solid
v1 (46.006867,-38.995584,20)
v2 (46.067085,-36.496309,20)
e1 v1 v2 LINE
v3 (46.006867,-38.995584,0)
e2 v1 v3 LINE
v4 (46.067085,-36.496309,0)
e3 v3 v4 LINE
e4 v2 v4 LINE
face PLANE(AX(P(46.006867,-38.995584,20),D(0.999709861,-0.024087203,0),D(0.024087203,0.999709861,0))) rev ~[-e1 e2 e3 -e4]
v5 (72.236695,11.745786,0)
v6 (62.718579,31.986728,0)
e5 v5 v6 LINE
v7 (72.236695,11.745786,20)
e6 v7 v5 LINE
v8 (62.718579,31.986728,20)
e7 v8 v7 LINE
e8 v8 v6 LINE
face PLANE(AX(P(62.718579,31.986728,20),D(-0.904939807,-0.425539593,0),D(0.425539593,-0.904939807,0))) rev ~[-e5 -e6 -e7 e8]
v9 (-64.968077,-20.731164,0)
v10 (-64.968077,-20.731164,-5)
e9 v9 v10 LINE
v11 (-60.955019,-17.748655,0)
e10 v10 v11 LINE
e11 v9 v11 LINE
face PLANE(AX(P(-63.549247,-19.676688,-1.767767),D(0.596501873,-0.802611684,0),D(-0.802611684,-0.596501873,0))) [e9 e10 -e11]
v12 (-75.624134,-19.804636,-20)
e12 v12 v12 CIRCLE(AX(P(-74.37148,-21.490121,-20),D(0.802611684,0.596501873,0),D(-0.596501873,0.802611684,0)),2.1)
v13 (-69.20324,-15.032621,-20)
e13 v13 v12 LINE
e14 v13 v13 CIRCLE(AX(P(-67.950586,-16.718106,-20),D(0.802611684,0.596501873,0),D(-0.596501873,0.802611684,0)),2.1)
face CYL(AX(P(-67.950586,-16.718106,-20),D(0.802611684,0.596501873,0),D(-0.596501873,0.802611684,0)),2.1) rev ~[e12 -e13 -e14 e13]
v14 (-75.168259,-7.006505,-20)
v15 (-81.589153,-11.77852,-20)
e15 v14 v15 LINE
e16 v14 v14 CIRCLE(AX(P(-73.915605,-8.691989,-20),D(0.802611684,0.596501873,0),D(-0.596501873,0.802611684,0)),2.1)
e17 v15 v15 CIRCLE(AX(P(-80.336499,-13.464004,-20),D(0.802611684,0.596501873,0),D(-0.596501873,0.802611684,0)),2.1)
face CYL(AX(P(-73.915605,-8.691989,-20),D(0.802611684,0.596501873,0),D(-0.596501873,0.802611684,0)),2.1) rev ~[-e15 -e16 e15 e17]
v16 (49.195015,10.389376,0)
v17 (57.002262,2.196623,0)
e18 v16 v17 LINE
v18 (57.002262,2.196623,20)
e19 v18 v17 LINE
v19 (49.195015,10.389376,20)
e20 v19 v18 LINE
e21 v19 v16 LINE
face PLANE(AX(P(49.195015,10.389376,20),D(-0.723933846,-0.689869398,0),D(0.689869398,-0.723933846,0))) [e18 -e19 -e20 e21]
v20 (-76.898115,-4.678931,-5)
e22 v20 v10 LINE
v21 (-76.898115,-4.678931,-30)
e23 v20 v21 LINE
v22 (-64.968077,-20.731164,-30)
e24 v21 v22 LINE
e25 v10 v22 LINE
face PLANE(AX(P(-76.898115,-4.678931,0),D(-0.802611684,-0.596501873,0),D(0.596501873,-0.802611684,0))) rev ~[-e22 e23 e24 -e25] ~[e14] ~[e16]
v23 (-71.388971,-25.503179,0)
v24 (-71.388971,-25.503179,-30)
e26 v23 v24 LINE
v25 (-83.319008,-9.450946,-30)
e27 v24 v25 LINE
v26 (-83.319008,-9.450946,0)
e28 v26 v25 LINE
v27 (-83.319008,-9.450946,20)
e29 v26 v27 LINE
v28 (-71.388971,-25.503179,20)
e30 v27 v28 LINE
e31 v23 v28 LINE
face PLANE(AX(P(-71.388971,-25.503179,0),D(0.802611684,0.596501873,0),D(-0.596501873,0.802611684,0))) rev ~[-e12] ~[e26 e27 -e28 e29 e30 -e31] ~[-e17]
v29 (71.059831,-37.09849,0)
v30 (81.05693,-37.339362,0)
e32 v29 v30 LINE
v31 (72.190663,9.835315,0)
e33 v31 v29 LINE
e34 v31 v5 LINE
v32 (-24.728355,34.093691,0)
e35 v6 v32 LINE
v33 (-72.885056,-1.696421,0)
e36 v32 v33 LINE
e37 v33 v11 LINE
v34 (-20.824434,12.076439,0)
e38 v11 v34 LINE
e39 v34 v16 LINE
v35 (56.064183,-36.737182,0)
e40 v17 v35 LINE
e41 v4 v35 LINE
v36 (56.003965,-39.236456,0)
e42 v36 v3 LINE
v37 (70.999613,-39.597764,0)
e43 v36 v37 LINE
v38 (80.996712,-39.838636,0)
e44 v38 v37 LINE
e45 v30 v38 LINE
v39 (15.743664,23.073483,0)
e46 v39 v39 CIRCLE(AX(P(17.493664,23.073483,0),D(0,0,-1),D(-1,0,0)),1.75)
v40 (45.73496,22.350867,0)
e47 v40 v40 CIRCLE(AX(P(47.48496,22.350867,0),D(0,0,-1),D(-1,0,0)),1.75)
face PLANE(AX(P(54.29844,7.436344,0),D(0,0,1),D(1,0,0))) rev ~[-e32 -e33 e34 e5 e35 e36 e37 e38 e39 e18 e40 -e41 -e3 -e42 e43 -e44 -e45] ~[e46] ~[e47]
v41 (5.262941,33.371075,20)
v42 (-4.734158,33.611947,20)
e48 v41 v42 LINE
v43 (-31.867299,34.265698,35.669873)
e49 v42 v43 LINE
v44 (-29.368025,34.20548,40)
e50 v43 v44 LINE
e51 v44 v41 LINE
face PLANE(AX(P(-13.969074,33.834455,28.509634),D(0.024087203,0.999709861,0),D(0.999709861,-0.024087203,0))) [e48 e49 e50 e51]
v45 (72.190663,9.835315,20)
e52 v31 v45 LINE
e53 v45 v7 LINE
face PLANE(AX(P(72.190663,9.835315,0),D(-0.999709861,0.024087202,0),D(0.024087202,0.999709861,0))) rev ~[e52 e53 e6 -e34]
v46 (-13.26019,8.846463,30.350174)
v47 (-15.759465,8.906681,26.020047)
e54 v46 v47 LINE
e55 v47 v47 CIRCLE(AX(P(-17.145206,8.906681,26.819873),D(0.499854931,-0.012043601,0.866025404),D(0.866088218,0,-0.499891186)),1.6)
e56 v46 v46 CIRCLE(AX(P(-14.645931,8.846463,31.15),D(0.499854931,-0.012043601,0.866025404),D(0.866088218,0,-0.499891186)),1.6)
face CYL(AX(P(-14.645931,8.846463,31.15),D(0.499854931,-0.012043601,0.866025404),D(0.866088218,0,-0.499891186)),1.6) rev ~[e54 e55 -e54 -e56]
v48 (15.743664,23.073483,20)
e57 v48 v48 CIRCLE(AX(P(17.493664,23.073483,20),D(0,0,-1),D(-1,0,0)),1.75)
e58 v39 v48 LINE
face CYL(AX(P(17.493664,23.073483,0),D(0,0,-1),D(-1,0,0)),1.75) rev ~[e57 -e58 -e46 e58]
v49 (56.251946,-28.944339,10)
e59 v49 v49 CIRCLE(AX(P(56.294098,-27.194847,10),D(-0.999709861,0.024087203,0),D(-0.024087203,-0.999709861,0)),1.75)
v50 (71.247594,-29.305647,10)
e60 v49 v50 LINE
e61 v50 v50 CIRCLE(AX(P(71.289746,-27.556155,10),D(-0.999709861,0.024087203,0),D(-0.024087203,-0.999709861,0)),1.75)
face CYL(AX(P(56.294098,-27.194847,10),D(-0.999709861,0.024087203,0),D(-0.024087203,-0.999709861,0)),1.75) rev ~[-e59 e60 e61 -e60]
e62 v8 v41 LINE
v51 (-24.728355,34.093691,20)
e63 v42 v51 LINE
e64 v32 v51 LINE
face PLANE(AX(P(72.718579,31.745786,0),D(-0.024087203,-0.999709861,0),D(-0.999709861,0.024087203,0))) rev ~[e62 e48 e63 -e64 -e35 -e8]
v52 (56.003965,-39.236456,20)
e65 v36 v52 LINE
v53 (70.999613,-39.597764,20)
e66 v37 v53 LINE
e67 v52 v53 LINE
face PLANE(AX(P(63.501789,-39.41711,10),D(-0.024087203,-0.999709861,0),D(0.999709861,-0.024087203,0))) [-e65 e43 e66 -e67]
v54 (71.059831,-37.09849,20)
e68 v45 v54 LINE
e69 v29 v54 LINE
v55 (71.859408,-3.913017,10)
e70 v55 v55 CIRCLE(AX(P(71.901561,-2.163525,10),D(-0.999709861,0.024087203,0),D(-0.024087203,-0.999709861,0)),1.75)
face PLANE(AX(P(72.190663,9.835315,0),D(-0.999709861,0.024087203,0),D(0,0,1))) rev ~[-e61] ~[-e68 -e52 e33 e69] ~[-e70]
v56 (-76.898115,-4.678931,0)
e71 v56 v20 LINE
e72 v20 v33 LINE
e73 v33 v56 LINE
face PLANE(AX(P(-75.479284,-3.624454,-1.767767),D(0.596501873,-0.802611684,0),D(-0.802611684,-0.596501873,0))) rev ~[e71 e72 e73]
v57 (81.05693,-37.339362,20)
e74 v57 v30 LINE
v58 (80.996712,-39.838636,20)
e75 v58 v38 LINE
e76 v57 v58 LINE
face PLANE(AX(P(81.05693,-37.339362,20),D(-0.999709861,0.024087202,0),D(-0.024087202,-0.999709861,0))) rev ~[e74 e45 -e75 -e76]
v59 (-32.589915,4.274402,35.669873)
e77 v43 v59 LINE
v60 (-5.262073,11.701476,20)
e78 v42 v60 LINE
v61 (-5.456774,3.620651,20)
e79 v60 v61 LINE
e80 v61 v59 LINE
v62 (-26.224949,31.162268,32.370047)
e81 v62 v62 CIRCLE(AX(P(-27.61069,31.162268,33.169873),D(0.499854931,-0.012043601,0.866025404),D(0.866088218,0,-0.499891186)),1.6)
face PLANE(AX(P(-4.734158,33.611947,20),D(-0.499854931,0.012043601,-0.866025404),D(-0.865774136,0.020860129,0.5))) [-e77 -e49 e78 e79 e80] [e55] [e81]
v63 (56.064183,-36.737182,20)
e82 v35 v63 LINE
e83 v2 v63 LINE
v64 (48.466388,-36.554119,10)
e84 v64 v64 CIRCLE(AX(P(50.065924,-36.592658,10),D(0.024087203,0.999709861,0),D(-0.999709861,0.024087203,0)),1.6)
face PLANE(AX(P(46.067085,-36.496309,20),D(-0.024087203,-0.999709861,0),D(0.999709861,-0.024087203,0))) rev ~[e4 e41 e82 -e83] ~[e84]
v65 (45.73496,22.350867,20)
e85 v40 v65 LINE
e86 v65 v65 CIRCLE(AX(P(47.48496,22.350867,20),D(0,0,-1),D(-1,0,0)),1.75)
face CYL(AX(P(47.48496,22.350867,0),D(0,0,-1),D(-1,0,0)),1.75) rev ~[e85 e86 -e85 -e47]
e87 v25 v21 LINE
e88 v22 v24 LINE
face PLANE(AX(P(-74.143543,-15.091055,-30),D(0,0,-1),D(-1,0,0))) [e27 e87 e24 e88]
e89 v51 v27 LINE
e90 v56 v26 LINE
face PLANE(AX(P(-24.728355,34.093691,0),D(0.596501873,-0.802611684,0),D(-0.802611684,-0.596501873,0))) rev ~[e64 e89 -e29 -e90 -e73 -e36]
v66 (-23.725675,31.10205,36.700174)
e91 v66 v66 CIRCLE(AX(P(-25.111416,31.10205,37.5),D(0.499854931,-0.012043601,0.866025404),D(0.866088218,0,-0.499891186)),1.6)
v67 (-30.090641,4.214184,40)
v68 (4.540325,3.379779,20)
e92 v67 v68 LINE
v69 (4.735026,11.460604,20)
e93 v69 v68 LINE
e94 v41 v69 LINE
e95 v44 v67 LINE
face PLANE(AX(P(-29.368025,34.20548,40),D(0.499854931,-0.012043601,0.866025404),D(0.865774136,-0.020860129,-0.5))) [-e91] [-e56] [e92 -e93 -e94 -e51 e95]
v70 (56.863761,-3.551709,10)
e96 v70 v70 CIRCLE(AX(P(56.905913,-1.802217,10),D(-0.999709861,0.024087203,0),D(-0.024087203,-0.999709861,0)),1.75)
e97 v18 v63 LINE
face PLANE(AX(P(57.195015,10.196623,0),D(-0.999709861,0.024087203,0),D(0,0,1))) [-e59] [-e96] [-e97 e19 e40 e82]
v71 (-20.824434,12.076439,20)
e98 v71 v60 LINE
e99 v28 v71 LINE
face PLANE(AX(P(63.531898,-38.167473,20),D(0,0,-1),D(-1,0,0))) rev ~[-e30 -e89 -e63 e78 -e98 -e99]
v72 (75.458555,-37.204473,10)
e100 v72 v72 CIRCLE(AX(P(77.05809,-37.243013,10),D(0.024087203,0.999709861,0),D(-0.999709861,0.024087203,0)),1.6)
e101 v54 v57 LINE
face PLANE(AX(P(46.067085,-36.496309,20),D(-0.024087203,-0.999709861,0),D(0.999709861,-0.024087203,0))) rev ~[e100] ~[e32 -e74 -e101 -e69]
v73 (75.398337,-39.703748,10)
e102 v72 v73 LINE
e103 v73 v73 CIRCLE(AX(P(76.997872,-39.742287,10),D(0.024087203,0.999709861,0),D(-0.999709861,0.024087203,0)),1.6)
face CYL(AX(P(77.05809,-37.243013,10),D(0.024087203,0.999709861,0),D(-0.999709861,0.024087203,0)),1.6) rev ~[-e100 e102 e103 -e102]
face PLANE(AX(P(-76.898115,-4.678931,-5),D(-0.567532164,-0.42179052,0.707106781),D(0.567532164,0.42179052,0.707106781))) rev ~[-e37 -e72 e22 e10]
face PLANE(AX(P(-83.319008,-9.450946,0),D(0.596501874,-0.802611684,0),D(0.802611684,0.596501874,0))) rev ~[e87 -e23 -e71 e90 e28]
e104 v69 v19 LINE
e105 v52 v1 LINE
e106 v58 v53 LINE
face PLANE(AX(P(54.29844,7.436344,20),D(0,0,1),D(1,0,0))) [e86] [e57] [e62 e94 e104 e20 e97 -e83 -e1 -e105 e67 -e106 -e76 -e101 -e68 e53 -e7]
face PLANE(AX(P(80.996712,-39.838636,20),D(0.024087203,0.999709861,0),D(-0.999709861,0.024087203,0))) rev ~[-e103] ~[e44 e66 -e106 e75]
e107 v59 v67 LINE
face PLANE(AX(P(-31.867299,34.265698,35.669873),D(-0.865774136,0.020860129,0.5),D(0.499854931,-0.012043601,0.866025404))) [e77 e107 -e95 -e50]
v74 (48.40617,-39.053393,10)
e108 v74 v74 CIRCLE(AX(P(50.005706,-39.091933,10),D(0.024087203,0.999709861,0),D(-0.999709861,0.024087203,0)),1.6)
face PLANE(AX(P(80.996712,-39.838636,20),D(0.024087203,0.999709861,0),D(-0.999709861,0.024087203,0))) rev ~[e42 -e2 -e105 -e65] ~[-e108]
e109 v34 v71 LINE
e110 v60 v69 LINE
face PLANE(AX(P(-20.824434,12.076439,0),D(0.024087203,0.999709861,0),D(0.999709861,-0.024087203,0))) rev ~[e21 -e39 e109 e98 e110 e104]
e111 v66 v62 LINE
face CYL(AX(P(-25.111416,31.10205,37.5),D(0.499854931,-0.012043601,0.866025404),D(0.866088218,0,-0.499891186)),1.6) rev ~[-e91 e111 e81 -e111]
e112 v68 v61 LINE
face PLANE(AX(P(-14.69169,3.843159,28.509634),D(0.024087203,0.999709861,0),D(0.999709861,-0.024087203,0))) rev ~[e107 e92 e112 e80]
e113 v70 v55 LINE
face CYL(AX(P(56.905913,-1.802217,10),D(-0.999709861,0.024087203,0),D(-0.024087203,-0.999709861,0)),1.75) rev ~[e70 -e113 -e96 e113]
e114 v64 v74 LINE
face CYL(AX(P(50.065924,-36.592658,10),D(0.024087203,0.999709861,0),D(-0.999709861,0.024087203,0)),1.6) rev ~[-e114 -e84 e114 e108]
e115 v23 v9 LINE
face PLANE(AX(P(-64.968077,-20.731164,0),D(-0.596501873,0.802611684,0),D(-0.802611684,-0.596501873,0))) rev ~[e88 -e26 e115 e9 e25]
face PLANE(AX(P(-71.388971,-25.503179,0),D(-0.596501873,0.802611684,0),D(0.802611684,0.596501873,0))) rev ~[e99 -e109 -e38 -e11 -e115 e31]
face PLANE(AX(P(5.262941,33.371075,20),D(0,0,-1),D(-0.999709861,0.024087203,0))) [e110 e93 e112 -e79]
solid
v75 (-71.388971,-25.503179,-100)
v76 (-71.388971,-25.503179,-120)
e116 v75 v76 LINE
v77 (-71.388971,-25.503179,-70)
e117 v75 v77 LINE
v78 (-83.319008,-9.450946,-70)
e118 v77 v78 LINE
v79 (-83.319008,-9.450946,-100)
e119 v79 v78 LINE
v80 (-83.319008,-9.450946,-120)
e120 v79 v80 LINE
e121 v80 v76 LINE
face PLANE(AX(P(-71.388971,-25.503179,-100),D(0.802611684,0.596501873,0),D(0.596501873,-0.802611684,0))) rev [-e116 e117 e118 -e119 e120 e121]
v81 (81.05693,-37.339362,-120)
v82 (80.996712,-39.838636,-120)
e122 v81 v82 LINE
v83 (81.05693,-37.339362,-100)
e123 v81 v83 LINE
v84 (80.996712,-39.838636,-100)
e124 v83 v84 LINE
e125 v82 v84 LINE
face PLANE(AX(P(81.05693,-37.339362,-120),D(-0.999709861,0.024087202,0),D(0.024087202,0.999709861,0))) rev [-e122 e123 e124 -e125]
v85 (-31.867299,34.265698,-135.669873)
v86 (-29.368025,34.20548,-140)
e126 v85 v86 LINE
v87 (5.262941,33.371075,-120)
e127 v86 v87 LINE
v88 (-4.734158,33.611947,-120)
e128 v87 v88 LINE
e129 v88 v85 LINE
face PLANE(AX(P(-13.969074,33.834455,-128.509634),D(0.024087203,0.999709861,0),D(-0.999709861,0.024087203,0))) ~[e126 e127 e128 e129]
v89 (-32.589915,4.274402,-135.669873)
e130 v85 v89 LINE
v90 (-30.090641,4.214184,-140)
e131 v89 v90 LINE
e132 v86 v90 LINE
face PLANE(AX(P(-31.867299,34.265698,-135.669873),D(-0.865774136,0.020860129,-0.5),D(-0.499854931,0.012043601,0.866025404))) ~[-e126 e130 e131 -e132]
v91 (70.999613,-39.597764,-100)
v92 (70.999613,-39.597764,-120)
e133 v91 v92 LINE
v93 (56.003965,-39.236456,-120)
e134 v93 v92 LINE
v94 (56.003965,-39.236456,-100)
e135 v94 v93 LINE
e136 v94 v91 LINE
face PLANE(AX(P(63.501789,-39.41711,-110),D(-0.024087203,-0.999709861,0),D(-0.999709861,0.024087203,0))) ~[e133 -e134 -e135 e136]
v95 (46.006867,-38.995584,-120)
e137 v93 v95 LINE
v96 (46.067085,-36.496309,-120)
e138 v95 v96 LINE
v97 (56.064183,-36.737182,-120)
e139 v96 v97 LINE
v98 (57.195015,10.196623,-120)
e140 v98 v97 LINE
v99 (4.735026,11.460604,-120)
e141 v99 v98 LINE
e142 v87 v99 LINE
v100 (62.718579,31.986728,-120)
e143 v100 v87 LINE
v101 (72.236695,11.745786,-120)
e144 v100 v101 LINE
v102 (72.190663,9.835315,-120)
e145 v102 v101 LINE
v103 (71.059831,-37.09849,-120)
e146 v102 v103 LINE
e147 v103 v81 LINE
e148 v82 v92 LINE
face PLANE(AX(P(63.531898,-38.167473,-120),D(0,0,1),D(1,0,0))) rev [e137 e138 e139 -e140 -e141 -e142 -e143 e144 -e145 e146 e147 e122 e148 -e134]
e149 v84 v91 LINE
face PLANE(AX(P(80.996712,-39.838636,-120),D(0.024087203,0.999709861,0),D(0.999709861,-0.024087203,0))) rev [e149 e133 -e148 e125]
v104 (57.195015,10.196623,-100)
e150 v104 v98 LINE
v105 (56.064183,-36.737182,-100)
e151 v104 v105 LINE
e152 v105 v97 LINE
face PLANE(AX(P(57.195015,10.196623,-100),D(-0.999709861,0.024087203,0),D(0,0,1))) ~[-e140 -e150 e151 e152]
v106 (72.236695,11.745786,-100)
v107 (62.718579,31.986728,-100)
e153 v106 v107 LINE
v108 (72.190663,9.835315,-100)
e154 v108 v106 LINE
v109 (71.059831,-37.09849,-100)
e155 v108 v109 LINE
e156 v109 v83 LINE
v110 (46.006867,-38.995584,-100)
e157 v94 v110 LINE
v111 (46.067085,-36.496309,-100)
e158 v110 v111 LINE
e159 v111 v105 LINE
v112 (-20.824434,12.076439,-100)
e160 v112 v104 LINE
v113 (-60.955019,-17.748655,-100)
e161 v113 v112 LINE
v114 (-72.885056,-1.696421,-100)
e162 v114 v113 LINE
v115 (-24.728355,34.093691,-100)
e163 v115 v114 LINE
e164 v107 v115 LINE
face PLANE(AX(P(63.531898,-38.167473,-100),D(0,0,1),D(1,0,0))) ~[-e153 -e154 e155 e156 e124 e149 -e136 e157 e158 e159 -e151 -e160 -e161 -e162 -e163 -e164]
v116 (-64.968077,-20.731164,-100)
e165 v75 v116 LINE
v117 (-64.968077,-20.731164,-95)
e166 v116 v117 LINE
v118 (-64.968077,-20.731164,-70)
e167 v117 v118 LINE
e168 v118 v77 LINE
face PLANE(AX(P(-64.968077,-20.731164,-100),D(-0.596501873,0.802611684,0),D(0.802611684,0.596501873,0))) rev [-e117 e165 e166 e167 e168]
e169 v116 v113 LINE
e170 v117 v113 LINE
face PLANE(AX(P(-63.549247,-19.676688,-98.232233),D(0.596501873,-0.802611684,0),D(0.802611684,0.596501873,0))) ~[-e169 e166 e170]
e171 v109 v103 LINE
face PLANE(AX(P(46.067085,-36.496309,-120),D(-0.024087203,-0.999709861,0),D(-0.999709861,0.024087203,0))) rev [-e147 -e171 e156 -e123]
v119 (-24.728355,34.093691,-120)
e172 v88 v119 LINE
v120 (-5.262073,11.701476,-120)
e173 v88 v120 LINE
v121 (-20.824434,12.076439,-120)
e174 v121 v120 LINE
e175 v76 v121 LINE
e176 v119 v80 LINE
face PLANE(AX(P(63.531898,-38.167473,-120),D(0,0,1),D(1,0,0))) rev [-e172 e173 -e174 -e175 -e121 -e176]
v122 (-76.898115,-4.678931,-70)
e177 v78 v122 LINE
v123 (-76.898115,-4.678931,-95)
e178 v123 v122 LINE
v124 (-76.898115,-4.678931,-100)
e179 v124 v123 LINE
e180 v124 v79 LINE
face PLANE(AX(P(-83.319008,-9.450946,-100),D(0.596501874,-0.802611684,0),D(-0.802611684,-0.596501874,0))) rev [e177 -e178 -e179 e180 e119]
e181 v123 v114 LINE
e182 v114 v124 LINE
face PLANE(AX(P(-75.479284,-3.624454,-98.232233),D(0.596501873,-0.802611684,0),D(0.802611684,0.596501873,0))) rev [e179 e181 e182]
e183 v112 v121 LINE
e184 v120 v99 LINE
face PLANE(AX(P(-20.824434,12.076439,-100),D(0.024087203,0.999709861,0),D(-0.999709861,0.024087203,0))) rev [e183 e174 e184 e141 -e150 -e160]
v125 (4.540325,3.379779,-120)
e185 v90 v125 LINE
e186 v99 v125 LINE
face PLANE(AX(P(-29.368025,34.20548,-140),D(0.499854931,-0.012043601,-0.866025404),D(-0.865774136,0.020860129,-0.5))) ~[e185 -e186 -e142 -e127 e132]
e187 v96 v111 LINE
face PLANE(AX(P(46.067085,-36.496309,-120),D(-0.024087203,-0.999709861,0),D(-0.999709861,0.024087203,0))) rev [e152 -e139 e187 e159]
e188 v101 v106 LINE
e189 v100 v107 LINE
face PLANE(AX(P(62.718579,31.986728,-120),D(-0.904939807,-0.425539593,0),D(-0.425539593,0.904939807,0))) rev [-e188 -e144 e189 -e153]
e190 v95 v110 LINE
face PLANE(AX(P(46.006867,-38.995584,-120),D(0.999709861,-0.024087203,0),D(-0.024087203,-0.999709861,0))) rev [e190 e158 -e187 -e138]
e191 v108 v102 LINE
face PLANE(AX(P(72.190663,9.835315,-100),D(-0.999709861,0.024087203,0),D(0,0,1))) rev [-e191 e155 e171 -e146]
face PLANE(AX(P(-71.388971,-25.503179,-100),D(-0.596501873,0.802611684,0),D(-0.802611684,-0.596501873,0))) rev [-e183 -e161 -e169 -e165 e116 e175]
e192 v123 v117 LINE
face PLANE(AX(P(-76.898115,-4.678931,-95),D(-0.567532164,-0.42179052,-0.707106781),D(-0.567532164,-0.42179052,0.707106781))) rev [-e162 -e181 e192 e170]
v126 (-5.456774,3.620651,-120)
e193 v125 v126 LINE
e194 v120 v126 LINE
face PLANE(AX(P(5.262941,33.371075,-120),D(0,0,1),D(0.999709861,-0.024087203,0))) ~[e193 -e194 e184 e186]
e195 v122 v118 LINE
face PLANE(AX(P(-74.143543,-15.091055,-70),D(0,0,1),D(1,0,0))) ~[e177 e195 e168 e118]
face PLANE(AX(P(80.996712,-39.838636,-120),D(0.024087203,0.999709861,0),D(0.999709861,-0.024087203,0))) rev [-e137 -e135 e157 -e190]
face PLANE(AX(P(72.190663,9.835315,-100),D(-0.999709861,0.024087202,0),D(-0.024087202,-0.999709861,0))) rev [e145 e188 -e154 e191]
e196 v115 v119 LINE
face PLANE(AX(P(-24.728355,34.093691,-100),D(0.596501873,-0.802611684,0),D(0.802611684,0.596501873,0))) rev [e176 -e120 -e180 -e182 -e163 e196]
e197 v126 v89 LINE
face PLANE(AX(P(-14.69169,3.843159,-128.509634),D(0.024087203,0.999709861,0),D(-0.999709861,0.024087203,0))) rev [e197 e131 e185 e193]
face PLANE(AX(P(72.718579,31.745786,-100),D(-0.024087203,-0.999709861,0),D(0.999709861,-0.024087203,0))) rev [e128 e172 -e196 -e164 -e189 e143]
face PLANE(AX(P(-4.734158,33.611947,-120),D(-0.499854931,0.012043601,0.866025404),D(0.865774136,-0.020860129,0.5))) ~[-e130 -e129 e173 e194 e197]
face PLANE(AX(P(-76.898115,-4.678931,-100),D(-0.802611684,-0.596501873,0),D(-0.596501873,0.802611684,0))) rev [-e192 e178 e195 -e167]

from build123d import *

# Parameters (mm, degrees)
EXTRUDE_1_DEPTH     = 20
EXTRUDE_2_DEPTH     = 30
EXTRUDE_3_DEPTH     = 20
SKETCH_4_W          = 15
SKETCH_4_H          = 20
EXTRUDE_4_DEPTH     = 49.447425698
EXTRUDE_5_DEPTH     = 20
CUT_EXTRUDE_1_DEPTH = 30
EXTRUDE_6_DEPTH     = 30
EXTRUDE_7_DEPTH     = 20
SKETCH_9_R          = 1.6
CUT_EXTRUDE_2_DEPTH = 10
SKETCH_10_R         = 2.1
CUT_EXTRUDE_3_DEPTH = 10
SKETCH_11_R         = 1.75
CUT_EXTRUDE_4_DEPTH = 202.855572154
SKETCH_12_R         = 1.6
CUT_EXTRUDE_5_DEPTH = 10
SKETCH_13_R         = 1.75
CUT_EXTRUDE_7_DEPTH = 20


with BuildPart() as part:
    # 草图1 → 凸台-拉伸1 (new body)
    with BuildSketch(Plane.XY):
        Polygon((-24.728355126, 34.093691019), (-83.319008043, -9.450945744), (-71.388970574, -25.50317942), (-20.824434495, 12.076438608), (72.190663405, 9.835314871), (72.718578523, 31.745785774), align=None)
    extrude(amount=EXTRUDE_1_DEPTH)

    # 草图2 → 凸台-拉伸2 (add)
    with BuildSketch(Plane(origin=(0, 0, 0), x_dir=(-1, 0, 0), z_dir=(0, 0, -1))):
        Polygon((71.388970574, -25.50317942), (83.319008043, -9.450945744), (76.898114573, -4.678930756), (64.968077103, -20.731164432), align=None)
    extrude(amount=EXTRUDE_2_DEPTH)

    # 草图3 → 凸台-拉伸3 (add)
    with BuildSketch(Plane(origin=(-25.121381082, 33.801593702, 0), x_dir=(0.8026116837907572, 0.5965018734610694, 0), z_dir=(-0.5965018734610694, 0.8026116837907572, 0))):
        Polygon((-64.510316179, 5), (-59.510316179, 0), (-64.510316179, 0), align=None)
    extrude(amount=-EXTRUDE_3_DEPTH)

    # 草图4 → 凸台-拉伸4 (add)
    with BuildSketch(Plane(origin=(0.278721027, 11.567975102, 0), x_dir=(0.9997098612470757, -0.024087202522351275, 0), z_dir=(-0.024087202522351272, -0.9997098612470756, 0))):
        with Locations((64.432812874, 10)):
            Rectangle(SKETCH_4_W, SKETCH_4_H)
    extrude(amount=EXTRUDE_4_DEPTH)

    # 草图5 → 凸台-拉伸5 (add)
    with BuildSketch(Plane.XY.offset(20)):
        Polygon((46.006866716, -38.99558415), (46.067084723, -36.496309497), (81.056929866, -37.339361585), (80.99671186, -39.838636238), align=None)
    extrude(amount=-EXTRUDE_5_DEPTH)

    # 草图6 → 切除-拉伸1 (cut)
    with BuildSketch(Plane.XY.offset(20)):
        Polygon((62.718578523, 31.986727706), (72.23669466, 11.745785774), (72.718578523, 31.745785774), align=None)
    extrude(amount=-CUT_EXTRUDE_1_DEPTH, mode=Mode.SUBTRACT)

    # 草图7 → 凸台-拉伸6 (add)
    with BuildSketch(Plane(origin=(0.806636145, 33.478446006, 0), x_dir=(0.9997098612470757, -0.02408720252235126, 0), z_dir=(0.024087202522351258, 0.9997098612470756, 0))):
        Polygon((-5.542402112, -20), (-32.683418264, -35.669872981), (-30.183418264, -40), (4.457597888, -20), align=None)
    extrude(amount=-EXTRUDE_6_DEPTH)


with BuildPart() as body_2:
    # 镜向4: mirrored copy
    add(part.part.mirror(Plane(origin=(0, 0, -50), x_dir=(1, 0, 0), z_dir=(0, 0, -1))))


with BuildPart() as part_1:
    add(part.part)

    # 草图8 → 凸台-拉伸7 (add)
    with BuildSketch(Plane.XY.offset(20)):
        Polygon((49.195015486, 10.389376454), (57.00226194, 2.196622908), (57.195015486, 10.196622908), align=None)
    extrude(amount=-EXTRUDE_7_DEPTH)

    # 草图9 → 切除-拉伸2 (cut)
    with BuildSketch(Plane(origin=(-0.852111124, -35.365829328, 0), x_dir=(0.9997098612470757, -0.02408720252235112, 0), z_dir=(0.024087202522351116, 0.9997098612470756, 0))):
        with Locations(Location((77.932812874, -10, 0), (0, 0, 180))):
            Circle(SKETCH_9_R)
        with Locations(Location((50.932812874, -10, 0), (0, 0, 180))):
            Circle(SKETCH_9_R)
    extrude(amount=-CUT_EXTRUDE_2_DEPTH, mode=Mode.SUBTRACT)

    # 草图10 → 切除-拉伸3 (cut)
    with BuildSketch(Plane(origin=(-51.776733491, -38.480524459, 0), x_dir=(0, 0, -1), z_dir=(0.8026116837907572, 0.5965018734610693, 0))):
        with Locations(Location((20, 37.114504915, 0), (0, 0, 90))):
            Circle(SKETCH_10_R)
        with Locations(Location((20, 27.114504915, 0), (0, 0, 90))):
            Circle(SKETCH_10_R)
    extrude(amount=-CUT_EXTRUDE_3_DEPTH, mode=Mode.SUBTRACT)

    # 草图11 → 切除-拉伸4 (cut, through all)
    with BuildSketch(Plane(origin=(56.916294459, -1.371352194, 0), x_dir=(0, 0, 1), z_dir=(-0.9997098612470756, 0.024087202522351286, 0))):
        with Locations(Location((10, -0.430989389, 0), (0, 0, 270))):
            Circle(SKETCH_11_R)
        with Locations(Location((10, -25.830989389, 0), (0, 0, 270))):
            Circle(SKETCH_11_R)
    extrude(amount=-CUT_EXTRUDE_4_DEPTH, mode=Mode.SUBTRACT)

    # 草图12 → 切除-拉伸5 (cut)
    with BuildSketch(Plane(origin=(9.771817504, -0.235444059, 16.930196505), x_dir=(0.8661091434290129, 0.006950686894989351, -0.4998066022176473), z_dir=(0.4998549306235377, -0.012043601261175624, 0.8660254037844388))):
        with Locations(Location((-40.275793685, 31.620495598, 0), (0, 0, 359.601722883))):
            Circle(SKETCH_12_R)
        with Locations(Location((-28.192461779, 9.278761331, 0), (0, 0, 359.601722883))):
            Circle(SKETCH_12_R)
    extrude(amount=-CUT_EXTRUDE_5_DEPTH, mode=Mode.SUBTRACT)

    # 草图13 → 切除-拉伸7 (cut)
    with BuildSketch(Plane(origin=(0, 0, 0), x_dir=(-1, 0, 0), z_dir=(0, 0, -1))):
        with Locations((-47.484959967, 22.350867225)):
            Circle(SKETCH_13_R)
        with Locations((-17.493664129, 23.0734833)):
            Circle(SKETCH_13_R)
    extrude(amount=-CUT_EXTRUDE_7_DEPTH, mode=Mode.SUBTRACT)


solid = Compound([body_2.part, part_1.part])
